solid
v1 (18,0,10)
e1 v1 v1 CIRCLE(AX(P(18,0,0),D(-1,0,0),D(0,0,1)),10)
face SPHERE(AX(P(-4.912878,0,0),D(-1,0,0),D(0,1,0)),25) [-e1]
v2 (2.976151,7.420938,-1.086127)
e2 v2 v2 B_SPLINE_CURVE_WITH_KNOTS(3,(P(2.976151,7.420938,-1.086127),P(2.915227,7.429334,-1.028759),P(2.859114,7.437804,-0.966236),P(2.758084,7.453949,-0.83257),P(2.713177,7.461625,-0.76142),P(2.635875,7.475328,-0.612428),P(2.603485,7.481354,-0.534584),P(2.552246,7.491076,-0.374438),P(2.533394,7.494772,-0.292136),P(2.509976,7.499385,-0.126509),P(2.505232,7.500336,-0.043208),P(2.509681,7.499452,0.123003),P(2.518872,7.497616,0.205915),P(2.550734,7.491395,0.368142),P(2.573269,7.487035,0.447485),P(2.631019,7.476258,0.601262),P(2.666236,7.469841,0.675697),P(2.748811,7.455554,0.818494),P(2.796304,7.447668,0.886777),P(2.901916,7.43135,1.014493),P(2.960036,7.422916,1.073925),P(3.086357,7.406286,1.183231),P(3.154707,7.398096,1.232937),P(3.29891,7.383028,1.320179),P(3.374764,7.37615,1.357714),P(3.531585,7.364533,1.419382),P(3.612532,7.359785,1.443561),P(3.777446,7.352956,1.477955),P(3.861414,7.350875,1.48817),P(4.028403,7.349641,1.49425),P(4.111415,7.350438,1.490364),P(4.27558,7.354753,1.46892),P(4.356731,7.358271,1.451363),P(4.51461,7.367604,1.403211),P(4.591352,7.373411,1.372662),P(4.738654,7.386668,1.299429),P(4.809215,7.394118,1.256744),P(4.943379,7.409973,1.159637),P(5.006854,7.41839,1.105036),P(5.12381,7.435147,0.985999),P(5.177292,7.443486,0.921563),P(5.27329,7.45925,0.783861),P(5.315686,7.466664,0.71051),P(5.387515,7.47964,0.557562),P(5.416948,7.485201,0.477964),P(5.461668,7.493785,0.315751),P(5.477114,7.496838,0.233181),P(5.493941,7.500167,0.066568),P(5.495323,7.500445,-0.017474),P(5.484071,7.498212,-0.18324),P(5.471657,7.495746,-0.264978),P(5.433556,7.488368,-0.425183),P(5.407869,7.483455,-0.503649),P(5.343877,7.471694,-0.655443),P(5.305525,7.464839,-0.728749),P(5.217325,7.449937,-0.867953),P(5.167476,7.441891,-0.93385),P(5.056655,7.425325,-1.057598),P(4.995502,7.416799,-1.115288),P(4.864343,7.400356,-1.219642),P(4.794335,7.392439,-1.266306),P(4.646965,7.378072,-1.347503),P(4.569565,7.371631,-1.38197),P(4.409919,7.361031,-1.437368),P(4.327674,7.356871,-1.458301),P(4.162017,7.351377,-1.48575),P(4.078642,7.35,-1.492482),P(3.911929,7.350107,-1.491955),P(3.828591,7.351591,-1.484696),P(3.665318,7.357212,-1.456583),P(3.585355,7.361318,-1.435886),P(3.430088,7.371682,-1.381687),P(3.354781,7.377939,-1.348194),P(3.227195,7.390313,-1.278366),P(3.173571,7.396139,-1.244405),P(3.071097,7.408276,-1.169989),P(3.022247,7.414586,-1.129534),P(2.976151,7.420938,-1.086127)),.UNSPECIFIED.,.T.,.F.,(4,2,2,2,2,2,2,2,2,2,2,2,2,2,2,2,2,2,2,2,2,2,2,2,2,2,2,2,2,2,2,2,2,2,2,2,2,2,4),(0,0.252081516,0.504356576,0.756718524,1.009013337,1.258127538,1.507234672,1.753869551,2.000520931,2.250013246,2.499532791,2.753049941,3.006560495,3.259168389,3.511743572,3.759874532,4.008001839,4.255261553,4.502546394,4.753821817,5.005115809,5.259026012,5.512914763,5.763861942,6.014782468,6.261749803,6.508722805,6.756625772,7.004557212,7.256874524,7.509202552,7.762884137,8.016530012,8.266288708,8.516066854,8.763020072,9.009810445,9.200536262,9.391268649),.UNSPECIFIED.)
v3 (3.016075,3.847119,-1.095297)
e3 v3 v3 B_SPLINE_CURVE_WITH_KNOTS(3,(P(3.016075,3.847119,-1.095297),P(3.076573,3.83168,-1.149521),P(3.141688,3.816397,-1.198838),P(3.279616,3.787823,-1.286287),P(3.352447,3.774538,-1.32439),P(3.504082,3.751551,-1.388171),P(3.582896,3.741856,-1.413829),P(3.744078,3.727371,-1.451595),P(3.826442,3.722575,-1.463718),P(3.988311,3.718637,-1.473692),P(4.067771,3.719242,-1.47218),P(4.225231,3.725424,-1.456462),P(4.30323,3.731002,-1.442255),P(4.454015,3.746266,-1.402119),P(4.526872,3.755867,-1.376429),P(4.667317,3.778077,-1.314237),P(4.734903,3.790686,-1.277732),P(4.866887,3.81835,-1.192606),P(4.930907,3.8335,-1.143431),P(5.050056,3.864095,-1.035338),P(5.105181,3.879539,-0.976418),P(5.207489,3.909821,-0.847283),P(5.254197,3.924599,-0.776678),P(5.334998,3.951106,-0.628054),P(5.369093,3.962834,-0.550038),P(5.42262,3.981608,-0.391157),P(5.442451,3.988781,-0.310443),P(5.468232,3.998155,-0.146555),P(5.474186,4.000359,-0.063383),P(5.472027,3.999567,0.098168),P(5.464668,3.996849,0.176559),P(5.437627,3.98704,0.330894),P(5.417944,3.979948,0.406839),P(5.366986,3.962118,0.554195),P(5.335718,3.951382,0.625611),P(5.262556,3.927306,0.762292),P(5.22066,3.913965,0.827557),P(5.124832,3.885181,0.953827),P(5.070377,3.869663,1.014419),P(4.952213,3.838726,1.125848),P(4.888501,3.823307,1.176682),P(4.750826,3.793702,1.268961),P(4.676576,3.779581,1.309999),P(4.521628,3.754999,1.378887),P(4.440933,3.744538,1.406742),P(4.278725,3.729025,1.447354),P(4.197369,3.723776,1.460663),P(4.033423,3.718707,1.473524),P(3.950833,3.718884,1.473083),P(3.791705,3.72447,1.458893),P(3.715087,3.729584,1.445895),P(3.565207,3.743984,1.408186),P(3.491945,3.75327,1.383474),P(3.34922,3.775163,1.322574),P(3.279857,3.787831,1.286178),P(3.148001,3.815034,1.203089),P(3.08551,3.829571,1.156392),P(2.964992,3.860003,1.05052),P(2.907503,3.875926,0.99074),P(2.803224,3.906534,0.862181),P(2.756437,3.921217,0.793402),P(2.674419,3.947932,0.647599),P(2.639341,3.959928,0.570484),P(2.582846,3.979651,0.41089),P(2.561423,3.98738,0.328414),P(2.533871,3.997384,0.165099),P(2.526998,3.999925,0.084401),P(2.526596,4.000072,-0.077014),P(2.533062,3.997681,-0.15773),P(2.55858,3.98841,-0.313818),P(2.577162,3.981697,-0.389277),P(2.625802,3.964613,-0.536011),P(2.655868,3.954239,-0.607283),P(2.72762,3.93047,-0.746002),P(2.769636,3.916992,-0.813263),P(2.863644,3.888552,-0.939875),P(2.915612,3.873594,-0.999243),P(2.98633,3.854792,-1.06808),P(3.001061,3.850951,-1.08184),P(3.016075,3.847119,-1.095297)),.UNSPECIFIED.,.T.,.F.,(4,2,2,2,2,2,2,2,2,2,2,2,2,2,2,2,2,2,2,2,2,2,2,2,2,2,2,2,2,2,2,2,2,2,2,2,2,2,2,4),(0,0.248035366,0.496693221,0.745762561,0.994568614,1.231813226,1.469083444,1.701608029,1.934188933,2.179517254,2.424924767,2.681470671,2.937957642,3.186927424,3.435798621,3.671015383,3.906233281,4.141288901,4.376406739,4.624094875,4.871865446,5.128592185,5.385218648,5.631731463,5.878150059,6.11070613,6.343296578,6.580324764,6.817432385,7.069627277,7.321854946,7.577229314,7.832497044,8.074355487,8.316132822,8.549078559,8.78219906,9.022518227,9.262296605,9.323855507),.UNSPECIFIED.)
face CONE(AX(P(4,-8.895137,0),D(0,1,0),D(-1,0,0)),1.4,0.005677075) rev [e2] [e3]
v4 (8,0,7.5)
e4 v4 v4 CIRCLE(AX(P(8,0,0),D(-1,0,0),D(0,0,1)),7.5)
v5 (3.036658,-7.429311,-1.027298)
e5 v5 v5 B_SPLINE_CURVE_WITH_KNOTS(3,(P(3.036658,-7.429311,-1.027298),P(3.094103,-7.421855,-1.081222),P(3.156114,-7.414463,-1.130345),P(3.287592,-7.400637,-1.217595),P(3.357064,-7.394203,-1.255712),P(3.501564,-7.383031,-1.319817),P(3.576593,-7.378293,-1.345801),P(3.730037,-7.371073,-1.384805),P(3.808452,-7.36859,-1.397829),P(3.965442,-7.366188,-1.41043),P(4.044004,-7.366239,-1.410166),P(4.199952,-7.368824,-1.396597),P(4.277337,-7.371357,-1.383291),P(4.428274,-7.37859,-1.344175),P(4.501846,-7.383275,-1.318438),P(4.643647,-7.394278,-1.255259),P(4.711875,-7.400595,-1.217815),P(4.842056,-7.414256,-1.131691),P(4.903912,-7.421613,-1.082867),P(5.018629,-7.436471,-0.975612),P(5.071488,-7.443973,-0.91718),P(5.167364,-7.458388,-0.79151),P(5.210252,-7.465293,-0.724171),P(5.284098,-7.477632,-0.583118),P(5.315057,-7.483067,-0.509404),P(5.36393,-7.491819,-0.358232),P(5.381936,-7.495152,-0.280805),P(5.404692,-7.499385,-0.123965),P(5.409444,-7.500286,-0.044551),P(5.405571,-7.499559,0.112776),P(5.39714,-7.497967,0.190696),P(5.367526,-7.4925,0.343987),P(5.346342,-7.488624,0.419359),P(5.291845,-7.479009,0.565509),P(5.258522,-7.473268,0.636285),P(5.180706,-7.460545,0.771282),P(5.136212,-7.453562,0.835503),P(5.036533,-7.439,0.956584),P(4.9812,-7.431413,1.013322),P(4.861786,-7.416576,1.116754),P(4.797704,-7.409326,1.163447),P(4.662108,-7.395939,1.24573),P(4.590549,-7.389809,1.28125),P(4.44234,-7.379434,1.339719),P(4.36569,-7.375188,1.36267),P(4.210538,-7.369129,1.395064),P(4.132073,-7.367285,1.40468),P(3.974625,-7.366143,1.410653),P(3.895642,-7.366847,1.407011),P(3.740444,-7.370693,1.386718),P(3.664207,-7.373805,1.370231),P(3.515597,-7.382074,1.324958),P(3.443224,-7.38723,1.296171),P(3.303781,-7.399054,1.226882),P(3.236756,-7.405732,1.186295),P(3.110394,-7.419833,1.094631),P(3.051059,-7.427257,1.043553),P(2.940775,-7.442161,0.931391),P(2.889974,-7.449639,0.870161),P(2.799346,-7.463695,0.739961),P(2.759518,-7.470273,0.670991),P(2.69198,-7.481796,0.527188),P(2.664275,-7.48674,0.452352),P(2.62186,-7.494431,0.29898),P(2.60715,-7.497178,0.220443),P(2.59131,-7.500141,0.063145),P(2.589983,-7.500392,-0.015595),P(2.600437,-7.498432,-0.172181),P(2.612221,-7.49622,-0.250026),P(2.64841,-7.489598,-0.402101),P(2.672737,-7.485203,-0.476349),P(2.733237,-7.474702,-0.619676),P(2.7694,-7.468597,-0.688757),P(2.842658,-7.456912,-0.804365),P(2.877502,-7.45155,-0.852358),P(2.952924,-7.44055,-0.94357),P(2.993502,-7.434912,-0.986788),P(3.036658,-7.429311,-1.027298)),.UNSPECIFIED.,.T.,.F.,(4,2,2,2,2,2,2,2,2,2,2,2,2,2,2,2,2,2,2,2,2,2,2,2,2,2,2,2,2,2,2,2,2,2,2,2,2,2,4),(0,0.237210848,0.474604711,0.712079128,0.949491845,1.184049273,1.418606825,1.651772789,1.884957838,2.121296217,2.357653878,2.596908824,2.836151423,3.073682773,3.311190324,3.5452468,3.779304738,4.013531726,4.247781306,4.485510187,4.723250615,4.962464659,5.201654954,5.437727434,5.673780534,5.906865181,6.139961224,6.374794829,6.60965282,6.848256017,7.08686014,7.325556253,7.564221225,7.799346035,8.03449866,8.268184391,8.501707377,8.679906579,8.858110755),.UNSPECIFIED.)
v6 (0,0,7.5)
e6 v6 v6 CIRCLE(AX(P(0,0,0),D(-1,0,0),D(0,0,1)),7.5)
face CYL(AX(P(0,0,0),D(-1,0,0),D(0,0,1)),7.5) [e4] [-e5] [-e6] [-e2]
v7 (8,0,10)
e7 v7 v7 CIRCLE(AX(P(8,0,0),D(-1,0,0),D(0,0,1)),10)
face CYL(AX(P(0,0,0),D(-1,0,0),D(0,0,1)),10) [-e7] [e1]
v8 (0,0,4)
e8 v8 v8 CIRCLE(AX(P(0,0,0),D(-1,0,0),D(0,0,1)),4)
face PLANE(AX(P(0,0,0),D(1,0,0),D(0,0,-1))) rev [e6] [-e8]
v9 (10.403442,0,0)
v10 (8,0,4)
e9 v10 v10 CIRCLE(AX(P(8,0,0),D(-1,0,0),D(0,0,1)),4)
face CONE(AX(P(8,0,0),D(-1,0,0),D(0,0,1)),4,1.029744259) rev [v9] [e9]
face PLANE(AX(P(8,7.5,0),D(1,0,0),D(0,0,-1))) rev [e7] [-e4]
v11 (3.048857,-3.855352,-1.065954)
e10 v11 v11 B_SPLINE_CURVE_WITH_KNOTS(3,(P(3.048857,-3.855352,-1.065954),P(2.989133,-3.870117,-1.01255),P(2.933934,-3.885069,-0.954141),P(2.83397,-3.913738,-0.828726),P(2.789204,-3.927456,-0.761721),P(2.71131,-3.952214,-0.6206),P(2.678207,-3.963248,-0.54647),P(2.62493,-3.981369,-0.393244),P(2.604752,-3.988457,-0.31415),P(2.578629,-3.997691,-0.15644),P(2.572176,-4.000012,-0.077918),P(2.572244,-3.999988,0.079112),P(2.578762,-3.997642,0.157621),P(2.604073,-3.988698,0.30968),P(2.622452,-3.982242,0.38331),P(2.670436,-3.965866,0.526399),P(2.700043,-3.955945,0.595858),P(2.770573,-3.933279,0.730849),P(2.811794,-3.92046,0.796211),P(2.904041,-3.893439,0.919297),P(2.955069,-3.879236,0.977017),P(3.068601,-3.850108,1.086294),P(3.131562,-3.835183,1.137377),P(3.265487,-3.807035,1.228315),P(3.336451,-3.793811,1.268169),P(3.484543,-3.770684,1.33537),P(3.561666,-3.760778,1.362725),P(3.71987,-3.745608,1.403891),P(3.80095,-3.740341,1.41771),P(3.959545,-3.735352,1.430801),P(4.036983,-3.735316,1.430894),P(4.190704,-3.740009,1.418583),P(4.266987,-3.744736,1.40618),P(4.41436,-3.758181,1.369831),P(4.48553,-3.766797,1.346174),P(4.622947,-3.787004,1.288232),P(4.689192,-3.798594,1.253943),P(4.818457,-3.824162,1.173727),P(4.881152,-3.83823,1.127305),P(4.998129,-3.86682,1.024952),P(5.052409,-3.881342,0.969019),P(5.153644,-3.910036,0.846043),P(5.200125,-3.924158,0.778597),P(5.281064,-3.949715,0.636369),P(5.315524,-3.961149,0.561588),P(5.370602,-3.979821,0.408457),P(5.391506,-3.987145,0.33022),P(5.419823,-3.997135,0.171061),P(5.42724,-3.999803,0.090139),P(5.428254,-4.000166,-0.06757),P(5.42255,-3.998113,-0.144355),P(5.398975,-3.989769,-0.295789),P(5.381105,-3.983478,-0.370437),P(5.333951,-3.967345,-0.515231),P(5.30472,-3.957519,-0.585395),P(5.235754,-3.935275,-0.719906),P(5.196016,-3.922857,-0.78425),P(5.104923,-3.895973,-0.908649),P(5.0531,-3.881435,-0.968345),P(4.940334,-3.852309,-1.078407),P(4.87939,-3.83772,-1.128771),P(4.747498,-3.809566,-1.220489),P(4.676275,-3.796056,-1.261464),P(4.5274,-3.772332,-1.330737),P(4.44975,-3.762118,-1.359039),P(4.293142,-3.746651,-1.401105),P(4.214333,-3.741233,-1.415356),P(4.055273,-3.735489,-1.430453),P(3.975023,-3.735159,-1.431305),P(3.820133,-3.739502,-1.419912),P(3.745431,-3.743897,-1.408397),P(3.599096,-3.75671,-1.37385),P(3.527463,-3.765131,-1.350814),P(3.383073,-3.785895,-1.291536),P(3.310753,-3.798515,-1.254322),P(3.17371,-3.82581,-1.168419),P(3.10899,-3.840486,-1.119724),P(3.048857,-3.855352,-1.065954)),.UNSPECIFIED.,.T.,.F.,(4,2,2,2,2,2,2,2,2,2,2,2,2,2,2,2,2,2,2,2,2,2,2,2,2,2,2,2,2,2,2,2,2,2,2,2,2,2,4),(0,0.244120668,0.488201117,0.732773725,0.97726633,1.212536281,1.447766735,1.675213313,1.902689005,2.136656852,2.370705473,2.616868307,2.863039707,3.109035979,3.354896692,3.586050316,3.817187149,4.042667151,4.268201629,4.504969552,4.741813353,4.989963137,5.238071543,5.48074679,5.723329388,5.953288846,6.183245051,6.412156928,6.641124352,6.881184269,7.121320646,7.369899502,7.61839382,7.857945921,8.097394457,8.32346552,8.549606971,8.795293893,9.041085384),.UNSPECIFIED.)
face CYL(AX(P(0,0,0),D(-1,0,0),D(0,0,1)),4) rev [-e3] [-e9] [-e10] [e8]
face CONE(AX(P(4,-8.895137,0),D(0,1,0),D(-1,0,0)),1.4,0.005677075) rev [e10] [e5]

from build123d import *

# Parameters (mm, degrees)
F_8_0MM_1_D     = 8
F_8_0MM_1_DEPTH = 8
F_8_0MM_1_TIP   = 2.403442476


with BuildPart() as part:
    # 草图1 → 旋转1 (revolve)
    with BuildSketch(Plane.XY, mode=Mode.PRIVATE) as revolve_1_sk:
        with BuildLine():
            Line((0, 0), (0, 7.5))
            Line((0, 7.5), (8, 7.5))
            Line((8, 7.5), (8, 10))
            Line((8, 10), (18, 10))
            ThreePointArc((18, 10), (19.559779348, 5.107741092), (20.087121525, 0))
            Line((20.087121525, 0), (0, 0))
        make_face()
    revolve(revolve_1_sk.sketch.rotate(Axis((0, 0, 0), (1, 0, 0)), 90), axis=Axis((0, 0, 0), (1, 0, 0)))

    # Ø8.0mm 暗销孔1
    with Locations(Plane.ZY):
        with Locations((0, 0)):
            Hole(F_8_0MM_1_D / 2, depth=F_8_0MM_1_DEPTH)
            with Locations((0, 0, -(F_8_0MM_1_DEPTH + F_8_0MM_1_TIP / 2))):  # 118° drill point
                Cone(0, F_8_0MM_1_D / 2, F_8_0MM_1_TIP, mode=Mode.SUBTRACT)

    # 草图4 → 切除-旋转1 (revolve, cut)
    with BuildSketch(Plane.XY, mode=Mode.PRIVATE) as cut_revolve_1_sk:
        Polygon((4, -8.895136949), (5.4, -8.895136949), (5.5, 8.719380104), (4, 8.719380104), align=None)
    revolve(cut_revolve_1_sk.sketch.rotate(Axis((4, 18.564015212, 0), (0, -1, 0)), 226.690648884), axis=Axis((4, 18.564015212, 0), (0, -1, 0)), mode=Mode.SUBTRACT)


solid = part.part
